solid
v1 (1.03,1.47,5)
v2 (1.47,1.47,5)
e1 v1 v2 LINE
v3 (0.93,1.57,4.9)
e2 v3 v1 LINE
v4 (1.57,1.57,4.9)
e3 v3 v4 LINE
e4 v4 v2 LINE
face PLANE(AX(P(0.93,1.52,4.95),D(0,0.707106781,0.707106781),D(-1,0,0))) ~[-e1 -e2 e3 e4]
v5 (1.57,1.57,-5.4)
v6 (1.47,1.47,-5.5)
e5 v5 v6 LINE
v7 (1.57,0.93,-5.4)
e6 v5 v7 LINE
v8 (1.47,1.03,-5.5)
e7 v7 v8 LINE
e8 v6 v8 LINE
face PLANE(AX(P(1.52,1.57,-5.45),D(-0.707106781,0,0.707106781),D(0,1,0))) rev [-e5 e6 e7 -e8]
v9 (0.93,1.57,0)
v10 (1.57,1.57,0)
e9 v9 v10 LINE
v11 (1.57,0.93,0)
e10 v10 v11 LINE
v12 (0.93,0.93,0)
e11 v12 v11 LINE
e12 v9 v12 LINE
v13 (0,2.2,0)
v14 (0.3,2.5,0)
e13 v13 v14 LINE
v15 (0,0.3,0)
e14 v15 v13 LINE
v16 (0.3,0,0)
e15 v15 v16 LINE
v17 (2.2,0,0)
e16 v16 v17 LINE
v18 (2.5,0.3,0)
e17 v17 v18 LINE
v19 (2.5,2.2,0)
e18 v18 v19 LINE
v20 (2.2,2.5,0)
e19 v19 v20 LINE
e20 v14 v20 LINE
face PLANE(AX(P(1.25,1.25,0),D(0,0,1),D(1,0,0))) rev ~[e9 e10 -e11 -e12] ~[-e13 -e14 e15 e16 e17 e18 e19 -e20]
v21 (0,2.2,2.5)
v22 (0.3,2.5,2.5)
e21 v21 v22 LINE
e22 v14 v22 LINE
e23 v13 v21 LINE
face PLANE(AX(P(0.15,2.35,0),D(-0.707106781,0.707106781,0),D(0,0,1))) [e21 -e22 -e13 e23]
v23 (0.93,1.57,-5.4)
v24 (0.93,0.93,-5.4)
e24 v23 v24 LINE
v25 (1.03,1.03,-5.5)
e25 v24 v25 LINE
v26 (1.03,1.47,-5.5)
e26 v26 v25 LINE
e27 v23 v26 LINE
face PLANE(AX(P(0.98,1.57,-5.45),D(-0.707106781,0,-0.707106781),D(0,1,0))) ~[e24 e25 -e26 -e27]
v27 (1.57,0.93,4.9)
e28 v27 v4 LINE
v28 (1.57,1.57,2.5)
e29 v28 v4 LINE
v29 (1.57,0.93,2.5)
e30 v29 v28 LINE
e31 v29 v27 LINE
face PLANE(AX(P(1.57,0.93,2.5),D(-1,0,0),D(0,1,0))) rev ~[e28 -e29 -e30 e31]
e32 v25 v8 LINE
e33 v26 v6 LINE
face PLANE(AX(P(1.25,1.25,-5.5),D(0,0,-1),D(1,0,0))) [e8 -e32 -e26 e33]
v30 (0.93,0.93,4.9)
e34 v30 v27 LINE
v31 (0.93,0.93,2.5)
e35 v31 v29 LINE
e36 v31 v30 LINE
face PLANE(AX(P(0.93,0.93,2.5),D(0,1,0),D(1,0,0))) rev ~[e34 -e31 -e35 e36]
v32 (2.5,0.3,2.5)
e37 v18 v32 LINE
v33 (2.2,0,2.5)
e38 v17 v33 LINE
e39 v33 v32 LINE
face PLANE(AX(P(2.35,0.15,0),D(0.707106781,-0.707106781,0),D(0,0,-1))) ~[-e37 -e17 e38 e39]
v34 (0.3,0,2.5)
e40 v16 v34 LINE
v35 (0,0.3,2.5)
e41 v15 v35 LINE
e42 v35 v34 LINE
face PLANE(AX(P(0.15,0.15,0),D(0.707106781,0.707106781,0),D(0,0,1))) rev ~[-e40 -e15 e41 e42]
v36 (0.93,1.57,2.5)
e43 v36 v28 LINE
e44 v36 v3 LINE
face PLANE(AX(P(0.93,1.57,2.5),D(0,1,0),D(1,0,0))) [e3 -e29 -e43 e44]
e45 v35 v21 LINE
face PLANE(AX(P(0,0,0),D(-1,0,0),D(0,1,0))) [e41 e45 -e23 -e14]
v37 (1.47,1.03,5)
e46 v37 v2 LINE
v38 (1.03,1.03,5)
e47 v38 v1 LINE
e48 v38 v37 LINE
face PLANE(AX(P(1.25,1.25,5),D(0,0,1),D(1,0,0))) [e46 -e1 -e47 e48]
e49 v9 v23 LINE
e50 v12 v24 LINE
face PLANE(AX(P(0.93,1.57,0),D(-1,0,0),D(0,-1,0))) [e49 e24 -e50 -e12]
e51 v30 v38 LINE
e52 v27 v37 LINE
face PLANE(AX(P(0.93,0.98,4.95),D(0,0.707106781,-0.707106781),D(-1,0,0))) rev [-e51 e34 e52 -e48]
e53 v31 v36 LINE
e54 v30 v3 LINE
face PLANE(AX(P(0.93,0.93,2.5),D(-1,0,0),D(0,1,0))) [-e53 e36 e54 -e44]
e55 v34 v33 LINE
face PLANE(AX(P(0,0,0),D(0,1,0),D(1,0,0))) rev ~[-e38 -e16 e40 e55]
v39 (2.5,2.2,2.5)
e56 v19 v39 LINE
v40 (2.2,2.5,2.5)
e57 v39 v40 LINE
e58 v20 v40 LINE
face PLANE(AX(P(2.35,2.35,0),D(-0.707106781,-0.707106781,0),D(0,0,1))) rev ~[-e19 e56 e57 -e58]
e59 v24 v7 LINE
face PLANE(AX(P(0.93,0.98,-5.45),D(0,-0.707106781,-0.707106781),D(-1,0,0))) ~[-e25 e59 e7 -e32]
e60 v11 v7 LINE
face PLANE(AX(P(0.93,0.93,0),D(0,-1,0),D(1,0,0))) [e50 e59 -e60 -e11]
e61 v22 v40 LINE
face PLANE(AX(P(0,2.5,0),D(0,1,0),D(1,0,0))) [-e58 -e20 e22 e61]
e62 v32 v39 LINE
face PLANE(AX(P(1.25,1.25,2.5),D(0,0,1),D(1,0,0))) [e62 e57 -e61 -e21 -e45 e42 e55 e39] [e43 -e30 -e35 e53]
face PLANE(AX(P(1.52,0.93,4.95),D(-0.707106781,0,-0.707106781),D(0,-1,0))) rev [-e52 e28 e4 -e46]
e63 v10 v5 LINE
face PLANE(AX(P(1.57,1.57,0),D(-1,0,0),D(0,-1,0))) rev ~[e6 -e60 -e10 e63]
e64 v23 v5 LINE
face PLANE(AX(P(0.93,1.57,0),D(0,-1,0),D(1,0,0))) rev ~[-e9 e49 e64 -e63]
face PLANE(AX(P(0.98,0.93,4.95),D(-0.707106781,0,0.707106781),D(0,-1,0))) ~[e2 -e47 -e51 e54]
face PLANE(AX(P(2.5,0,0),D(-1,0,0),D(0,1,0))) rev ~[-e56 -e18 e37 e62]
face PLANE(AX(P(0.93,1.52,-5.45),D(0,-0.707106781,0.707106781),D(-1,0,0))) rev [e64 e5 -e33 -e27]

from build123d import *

# Parameters (mm, degrees)
SKETCH_W        = 2.5
SKETCH_H        = 2.5
PAD_DEPTH       = 2.5
CHAMFER_SIZE    = 0.3
SKETCH001_W     = 0.64
SKETCH001_H     = 0.64
PAD001_DEPTH    = 2.5
CHAMFER001_SIZE = 0.1
SKETCH002_W     = 0.64
SKETCH002_H     = 0.64
PAD002_DEPTH    = 5.5
CHAMFER002_SIZE = 0.1


with BuildPart() as part:
    # Sketch → Pad (new body)
    with BuildSketch(Plane.XY):
        with Locations((1.25, 1.25)):
            Rectangle(SKETCH_W, SKETCH_H)
    extrude(amount=PAD_DEPTH)

    # Chamfer
    chamfer_edges = [part.edges().sort_by_distance(p)[0] for p in [
        (0, 0, 1.25),
        (2.5, 0, 1.25),
        (0, 2.5, 1.25),
        (2.5, 2.5, 1.25),
    ]]
    chamfer(chamfer_edges, length=CHAMFER_SIZE)

    # Sketch001 → Pad001 (new body)
    with BuildSketch(Plane.XY.offset(2.5)):
        with Locations((1.25, 1.25)):
            Rectangle(SKETCH001_W, SKETCH001_H)
    extrude(amount=PAD001_DEPTH)

    # Chamfer001
    chamfer001_edges = [part.edges().sort_by_distance(p)[0] for p in [
        (1.25, 1.57, 5),
        (1.57, 1.25, 5),
        (1.25, 0.93, 5),
        (0.93, 1.25, 5),
    ]]
    chamfer(chamfer001_edges, length=CHAMFER001_SIZE)

    # Sketch002 → Pad002 (new body)
    with BuildSketch(Plane(origin=(0, 0, 0), x_dir=(1, 0, 0), z_dir=(0, 0, -1))):
        with Locations((1.25, -1.25)):
            Rectangle(SKETCH002_W, SKETCH002_H)
    extrude(amount=PAD002_DEPTH)

    # Chamfer002
    chamfer002_edges = [part.edges().sort_by_distance(p)[0] for p in [
        (1.25, 0.93, -5.5),
        (1.57, 1.25, -5.5),
        (1.25, 1.57, -5.5),
        (0.93, 1.25, -5.5),
    ]]
    chamfer(chamfer002_edges, length=CHAMFER002_SIZE)


solid = part.part
